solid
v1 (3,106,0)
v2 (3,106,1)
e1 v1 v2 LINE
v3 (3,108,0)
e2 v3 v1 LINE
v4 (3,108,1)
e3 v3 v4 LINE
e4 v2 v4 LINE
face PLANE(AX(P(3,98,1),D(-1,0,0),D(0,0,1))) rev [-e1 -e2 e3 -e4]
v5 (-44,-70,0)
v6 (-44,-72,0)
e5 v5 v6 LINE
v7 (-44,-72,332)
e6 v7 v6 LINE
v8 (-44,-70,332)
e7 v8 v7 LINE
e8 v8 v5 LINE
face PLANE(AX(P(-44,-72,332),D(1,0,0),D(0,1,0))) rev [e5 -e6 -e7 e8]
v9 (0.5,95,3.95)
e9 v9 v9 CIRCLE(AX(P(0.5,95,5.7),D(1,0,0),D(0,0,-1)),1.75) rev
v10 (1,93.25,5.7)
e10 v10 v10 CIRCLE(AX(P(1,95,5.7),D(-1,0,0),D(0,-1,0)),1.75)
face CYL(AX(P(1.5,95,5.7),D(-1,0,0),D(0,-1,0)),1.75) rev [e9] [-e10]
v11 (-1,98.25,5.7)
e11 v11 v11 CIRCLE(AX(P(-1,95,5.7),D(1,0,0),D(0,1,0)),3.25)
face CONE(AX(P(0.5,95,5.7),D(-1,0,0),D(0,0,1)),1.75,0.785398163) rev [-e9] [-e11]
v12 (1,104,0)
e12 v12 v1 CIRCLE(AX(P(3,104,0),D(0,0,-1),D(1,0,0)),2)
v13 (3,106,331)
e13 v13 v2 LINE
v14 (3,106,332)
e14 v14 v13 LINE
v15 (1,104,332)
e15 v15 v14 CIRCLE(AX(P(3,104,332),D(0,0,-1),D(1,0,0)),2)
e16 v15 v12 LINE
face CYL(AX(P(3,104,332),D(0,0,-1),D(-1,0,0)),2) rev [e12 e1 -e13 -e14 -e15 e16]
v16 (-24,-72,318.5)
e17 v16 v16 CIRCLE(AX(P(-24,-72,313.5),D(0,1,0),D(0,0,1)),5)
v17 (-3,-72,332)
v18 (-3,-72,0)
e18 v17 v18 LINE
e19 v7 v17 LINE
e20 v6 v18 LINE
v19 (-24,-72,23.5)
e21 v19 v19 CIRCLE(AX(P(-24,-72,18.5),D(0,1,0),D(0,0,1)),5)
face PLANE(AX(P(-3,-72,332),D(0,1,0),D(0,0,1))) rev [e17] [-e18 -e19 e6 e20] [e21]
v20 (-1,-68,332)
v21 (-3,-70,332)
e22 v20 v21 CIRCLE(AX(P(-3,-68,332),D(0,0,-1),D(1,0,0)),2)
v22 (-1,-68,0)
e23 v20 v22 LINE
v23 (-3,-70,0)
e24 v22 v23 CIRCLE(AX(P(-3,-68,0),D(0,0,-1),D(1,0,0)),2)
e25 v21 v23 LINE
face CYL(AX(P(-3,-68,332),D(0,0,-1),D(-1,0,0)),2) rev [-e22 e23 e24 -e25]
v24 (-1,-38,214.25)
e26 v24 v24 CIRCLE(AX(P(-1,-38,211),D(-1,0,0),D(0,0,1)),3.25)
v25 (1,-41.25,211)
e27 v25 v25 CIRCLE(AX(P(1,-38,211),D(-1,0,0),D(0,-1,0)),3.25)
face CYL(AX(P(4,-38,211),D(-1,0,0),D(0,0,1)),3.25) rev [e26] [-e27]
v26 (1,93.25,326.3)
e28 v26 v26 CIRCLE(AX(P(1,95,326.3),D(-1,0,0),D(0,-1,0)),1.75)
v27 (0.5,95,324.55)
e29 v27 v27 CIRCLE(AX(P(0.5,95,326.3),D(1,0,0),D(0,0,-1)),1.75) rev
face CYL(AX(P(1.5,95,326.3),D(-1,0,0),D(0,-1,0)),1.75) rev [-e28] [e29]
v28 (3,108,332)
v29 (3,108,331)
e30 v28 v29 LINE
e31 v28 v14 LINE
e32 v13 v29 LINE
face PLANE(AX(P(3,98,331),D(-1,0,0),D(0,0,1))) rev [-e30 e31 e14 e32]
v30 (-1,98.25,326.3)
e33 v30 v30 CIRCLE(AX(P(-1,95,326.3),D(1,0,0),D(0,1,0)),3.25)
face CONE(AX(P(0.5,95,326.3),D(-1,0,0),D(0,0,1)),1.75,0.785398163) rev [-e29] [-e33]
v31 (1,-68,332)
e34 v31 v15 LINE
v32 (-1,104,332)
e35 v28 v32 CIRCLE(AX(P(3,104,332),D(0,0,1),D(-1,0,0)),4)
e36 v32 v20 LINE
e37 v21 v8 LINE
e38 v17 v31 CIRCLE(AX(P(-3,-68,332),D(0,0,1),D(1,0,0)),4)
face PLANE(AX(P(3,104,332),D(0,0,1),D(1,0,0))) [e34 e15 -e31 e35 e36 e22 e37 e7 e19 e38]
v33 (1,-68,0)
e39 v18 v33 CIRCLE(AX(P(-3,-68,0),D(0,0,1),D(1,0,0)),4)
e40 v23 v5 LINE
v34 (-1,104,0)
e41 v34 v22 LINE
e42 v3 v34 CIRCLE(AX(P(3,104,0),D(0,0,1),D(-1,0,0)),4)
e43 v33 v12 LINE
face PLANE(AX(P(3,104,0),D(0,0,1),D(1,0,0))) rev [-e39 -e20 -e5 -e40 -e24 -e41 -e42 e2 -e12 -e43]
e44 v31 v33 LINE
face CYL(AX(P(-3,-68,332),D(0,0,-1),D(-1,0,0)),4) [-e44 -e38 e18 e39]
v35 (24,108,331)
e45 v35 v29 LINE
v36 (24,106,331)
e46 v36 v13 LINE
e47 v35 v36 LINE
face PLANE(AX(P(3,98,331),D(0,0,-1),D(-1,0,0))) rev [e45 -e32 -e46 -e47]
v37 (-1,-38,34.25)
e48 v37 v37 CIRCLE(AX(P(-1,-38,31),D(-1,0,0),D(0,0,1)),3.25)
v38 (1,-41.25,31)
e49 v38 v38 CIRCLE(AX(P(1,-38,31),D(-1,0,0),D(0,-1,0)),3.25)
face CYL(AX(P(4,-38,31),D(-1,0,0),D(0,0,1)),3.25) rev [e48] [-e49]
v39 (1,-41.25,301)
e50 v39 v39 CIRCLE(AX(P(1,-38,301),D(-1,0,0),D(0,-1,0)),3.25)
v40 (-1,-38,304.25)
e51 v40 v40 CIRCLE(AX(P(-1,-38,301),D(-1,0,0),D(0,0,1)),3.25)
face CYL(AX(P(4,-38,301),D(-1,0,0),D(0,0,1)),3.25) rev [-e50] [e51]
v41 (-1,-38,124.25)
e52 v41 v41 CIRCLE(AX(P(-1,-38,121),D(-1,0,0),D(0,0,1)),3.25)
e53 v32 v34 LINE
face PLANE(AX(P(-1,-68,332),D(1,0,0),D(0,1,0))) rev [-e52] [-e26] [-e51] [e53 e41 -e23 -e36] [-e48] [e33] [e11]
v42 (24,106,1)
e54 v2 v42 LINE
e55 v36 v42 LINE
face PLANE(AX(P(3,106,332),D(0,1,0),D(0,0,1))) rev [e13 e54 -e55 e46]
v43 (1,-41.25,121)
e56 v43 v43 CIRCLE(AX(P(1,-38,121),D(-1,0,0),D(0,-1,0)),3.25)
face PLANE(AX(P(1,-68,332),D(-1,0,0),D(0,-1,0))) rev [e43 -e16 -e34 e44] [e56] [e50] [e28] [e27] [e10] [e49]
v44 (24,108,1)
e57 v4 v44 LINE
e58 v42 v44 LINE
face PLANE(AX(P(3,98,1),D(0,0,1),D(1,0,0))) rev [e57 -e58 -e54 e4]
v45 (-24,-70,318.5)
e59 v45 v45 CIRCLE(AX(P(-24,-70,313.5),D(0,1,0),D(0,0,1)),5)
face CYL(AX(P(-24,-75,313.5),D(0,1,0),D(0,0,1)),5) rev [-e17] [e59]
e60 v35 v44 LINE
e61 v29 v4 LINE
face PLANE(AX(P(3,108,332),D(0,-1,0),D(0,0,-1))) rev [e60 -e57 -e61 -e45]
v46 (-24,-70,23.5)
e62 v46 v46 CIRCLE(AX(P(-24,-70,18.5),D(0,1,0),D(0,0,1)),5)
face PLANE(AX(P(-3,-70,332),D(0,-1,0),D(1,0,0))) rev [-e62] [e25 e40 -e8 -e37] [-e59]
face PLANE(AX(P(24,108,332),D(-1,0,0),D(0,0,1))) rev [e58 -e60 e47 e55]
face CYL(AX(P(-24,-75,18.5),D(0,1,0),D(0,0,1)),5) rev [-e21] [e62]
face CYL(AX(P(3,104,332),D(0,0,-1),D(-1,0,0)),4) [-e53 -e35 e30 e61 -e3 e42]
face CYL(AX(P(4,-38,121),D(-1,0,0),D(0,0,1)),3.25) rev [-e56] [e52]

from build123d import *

# Parameters (mm, degrees)
EXTRUDE_1_DEPTH     = 332
SKETCH_2_R          = 3.25
CUT_EXTRUDE_1_DEPTH = 5
SKETCH_3_R          = 5
CUT_EXTRUDE_2_DEPTH = 5
SKETCH_4_W          = 26.179083289
SKETCH_4_H          = 3.25731829
CUT_EXTRUDE_3_DEPTH = 10
SKETCH_5_R          = 1.75
CUT_EXTRUDE_4_DEPTH = 2.5
CHAMFER_1_SIZE      = 1.5


with BuildPart() as part:
    # Эскиз1 → Вытянуть1 (new body)
    with BuildSketch(Plane.XY):
        with BuildLine():
            Line((-1, -68), (-1, 104))
            ThreePointArc((-1, 104), (0.171572875, 106.828427125), (3, 108))
            Line((3, 108), (24, 108))
            Line((24, 108), (24, 106))
            Line((24, 106), (3, 106))
            ThreePointArc((3, 106), (1.585786438, 105.414213562), (1, 104))
            Line((1, 104), (1, -68))
            ThreePointArc((1, -68), (-0.171572875, -70.828427125), (-3, -72))
            Line((-3, -72), (-44, -72))
            Line((-44, -72), (-44, -70))
            Line((-44, -70), (-3, -70))
            ThreePointArc((-3, -70), (-1.585786438, -69.414213562), (-1, -68))
        make_face()
    extrude(amount=EXTRUDE_1_DEPTH)

    # Эскиз2 → Вырез-Вытянуть1 (cut)
    with BuildSketch(Plane.ZY.offset(1)):
        with Locations((31, -38)):
            Circle(SKETCH_2_R)
        with Locations((121, -38)):
            Circle(SKETCH_2_R)
        with Locations((211, -38)):
            Circle(SKETCH_2_R)
        with Locations((301, -38)):
            Circle(SKETCH_2_R)
    extrude(amount=-CUT_EXTRUDE_1_DEPTH, mode=Mode.SUBTRACT)

    # Эскиз3 → Вырез-Вытянуть2 (cut)
    with BuildSketch(Plane(origin=(0, -70, 0), x_dir=(1, 0, 0), z_dir=(0, 1, 0))):
        with Locations(Location((-24, -18.5, 0), (0, 0, 270))):
            Circle(SKETCH_3_R)
        with Locations(Location((-24, -313.5, 0), (0, 0, 270))):
            Circle(SKETCH_3_R)
    extrude(amount=-CUT_EXTRUDE_2_DEPTH, mode=Mode.SUBTRACT)

    # Эскиз4 → Вырез-Вытянуть3 (cut)
    with BuildSketch(Plane(origin=(0, 108, 0), x_dir=(1, 0, 0), z_dir=(0, 1, 0))):
        with Locations((16.089541645, 0.628659145)):
            Rectangle(SKETCH_4_W, SKETCH_4_H)
        with Locations((16.089541645, -332.628659145)):
            Rectangle(SKETCH_4_W, SKETCH_4_H)
    extrude(amount=-CUT_EXTRUDE_3_DEPTH, mode=Mode.SUBTRACT)

    # Эскиз5 → Вырез-Вытянуть4 (cut)
    with BuildSketch(Plane.ZY.offset(1)):
        with Locations(Location((5.7, 95, 0), (0, 0, 270))):
            Circle(SKETCH_5_R)
        with Locations(Location((326.3, 95, 0), (0, 0, 270))):
            Circle(SKETCH_5_R)
    extrude(amount=-CUT_EXTRUDE_4_DEPTH, mode=Mode.SUBTRACT)

    # Фаска1
    chamfer_1_edges = [part.edges().sort_by_distance(p)[0] for p in [
        (-1, 96.75, 326.3),
        (-1, 96.75, 5.7),
    ]]
    chamfer(chamfer_1_edges, length=CHAMFER_1_SIZE)


solid = part.part
